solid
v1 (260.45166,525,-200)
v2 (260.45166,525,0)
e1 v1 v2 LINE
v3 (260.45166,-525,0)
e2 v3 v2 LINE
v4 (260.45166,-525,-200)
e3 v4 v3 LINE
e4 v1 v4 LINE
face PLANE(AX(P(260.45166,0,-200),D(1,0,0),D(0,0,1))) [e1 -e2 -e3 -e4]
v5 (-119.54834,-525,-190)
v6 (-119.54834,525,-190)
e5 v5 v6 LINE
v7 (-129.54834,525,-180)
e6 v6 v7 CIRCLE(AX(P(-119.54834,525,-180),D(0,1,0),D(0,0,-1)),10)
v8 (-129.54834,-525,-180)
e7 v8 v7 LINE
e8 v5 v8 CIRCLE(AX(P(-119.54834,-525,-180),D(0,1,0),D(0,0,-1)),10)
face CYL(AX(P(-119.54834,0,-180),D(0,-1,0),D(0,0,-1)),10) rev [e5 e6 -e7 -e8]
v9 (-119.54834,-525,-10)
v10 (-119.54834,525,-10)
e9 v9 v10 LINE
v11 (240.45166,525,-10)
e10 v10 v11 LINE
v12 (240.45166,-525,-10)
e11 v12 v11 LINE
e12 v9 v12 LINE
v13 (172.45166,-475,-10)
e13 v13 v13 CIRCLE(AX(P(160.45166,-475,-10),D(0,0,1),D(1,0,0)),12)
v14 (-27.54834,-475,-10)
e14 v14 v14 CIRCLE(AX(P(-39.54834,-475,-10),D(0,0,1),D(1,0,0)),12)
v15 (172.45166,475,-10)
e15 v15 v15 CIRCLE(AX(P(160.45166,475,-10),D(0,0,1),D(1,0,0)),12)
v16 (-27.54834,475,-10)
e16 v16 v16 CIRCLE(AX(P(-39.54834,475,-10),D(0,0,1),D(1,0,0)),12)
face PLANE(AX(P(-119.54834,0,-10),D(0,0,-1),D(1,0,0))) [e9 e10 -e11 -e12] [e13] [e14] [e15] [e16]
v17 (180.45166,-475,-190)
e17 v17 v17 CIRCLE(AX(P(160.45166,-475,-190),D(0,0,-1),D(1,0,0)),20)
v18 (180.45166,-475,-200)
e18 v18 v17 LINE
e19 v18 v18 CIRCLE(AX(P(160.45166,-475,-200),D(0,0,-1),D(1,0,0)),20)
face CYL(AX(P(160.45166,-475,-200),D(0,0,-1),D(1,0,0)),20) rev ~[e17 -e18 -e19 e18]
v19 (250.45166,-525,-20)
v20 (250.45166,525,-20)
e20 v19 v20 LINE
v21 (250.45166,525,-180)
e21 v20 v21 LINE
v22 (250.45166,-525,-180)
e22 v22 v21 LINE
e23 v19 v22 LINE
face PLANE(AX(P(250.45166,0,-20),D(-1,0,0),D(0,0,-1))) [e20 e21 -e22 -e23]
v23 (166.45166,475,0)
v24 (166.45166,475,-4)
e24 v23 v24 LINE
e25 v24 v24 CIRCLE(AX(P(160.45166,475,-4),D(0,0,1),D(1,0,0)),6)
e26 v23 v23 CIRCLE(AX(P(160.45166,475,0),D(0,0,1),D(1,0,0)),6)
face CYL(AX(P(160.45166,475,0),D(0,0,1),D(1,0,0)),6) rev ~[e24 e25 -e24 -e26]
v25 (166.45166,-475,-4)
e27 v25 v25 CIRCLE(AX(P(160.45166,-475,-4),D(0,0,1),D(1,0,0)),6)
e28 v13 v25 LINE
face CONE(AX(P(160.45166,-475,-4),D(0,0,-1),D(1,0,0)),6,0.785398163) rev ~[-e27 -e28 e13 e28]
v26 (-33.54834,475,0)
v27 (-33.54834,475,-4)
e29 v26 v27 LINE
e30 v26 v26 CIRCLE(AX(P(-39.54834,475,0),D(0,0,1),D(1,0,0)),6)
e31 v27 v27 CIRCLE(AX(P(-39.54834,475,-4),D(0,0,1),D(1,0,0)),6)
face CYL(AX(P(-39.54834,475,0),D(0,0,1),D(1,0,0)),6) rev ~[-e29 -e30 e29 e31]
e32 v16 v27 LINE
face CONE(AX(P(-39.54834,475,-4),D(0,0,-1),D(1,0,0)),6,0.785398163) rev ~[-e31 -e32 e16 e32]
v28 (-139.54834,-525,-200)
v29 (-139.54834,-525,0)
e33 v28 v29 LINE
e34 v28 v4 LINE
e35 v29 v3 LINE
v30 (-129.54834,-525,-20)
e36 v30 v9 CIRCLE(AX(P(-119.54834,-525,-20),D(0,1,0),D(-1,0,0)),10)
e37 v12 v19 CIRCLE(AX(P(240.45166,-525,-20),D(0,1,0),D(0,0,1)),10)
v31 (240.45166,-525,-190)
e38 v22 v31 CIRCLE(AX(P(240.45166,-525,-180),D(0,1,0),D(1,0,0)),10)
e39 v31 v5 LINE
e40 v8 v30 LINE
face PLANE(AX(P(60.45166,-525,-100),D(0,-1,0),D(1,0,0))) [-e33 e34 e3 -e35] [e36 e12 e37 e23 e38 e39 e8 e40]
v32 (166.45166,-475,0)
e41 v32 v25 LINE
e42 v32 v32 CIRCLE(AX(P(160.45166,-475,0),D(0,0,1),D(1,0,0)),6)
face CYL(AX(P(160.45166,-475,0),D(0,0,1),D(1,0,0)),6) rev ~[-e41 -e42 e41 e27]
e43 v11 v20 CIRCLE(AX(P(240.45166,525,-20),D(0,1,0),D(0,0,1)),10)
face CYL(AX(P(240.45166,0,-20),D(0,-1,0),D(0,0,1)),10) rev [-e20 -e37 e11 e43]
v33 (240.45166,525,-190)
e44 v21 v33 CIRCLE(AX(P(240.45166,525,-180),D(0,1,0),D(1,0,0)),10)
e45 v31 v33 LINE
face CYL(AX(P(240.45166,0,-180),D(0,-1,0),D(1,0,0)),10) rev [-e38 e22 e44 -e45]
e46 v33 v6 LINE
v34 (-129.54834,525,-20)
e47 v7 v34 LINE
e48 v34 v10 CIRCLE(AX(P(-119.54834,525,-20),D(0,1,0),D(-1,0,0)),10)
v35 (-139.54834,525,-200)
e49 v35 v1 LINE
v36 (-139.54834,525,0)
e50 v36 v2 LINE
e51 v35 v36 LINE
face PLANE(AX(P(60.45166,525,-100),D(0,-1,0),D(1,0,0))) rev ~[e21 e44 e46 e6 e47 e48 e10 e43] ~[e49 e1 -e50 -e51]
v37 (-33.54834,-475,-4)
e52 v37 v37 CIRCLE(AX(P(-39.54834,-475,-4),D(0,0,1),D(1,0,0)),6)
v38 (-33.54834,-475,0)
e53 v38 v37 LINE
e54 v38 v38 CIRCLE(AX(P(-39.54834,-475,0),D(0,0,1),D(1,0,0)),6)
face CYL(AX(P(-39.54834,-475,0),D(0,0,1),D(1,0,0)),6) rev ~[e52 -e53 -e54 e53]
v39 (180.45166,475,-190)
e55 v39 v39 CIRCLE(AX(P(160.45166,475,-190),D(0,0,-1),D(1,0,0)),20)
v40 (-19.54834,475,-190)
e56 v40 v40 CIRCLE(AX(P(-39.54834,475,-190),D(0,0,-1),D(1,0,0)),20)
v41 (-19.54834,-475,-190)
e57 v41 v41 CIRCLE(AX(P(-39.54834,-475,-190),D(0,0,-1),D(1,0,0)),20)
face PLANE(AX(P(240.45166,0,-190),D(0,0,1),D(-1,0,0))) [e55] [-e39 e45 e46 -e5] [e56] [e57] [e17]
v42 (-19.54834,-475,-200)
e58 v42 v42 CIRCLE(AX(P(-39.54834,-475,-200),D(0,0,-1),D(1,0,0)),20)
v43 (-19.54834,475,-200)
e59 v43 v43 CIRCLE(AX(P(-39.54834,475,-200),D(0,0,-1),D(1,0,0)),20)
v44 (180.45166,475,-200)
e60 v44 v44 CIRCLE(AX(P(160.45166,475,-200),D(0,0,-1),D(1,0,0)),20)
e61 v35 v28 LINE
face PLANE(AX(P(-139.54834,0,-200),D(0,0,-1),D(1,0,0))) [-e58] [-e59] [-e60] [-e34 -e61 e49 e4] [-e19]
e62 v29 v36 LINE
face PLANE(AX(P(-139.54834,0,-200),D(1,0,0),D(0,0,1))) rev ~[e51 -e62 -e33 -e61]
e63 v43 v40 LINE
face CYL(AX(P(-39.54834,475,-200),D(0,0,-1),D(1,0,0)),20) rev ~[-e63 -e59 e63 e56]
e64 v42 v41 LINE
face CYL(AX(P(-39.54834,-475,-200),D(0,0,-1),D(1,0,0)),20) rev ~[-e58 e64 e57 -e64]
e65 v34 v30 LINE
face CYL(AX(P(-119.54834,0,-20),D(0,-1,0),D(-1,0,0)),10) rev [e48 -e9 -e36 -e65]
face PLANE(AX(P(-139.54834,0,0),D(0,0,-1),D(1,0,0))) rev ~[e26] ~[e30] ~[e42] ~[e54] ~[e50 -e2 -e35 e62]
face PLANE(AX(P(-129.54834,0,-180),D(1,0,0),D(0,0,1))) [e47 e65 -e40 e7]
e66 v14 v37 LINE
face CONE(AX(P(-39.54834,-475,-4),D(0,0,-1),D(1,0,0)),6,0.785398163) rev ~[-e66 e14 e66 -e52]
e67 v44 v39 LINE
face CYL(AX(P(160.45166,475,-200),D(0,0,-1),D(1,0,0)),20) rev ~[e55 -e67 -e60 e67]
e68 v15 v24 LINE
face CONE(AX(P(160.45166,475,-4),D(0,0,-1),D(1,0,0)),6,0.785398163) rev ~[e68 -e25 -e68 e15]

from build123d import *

# Parameters (mm, degrees)
F0_W     = 400
F0_H     = 200
F1_DEPTH = 525
F2_R     = 6
F3_DEPTH = 200.001
F4_R     = 20
F5_DEPTH = 25
F6_SIZE  = 6


with BuildPart() as f1:
    # F0 (on Front) → F1 (new body, symmetric)
    with BuildSketch(Plane.XZ):
        with Locations((60.4516596433, -100)):
            Rectangle(F0_W, F0_H)
        with BuildLine():
            ThreePointArc((-129.5483403567, -20), (-126.6194081686, -12.9289321881), (-119.5483403567, -10))
            Line((-119.5483403567, -10), (240.4516596433, -10))
            ThreePointArc((240.4516596433, -10), (247.5227274551, -12.9289321881), (250.4516596433, -20))
            Line((250.4516596433, -20), (250.4516596433, -180))
            ThreePointArc((250.4516596433, -180), (247.5227274551, -187.0710678119), (240.4516596433, -190))
            Line((240.4516596433, -190), (-119.5483403567, -190))
            ThreePointArc((-119.5483403567, -190), (-126.6194081686, -187.0710678119), (-129.5483403567, -180))
            Line((-129.5483403567, -180), (-129.5483403567, -20))
        make_face(mode=Mode.SUBTRACT)
    extrude(amount=F1_DEPTH, both=True)

    # F2 (on face) → F3 (cut, through all)
    with BuildSketch(Plane.XY):
        with Locations((-39.5483403567, -475)):
            Circle(F2_R)
        with Locations((160.4516596433, -475)):
            Circle(F2_R)
        with Locations((-39.5483403567, 475)):
            Circle(F2_R)
        with Locations((160.4516596433, 475)):
            Circle(F2_R)
    extrude(amount=-F3_DEPTH, mode=Mode.SUBTRACT)

    # F4 (on face) → F5 (cut)
    with BuildSketch(Plane(origin=(0, 0, -200), x_dir=(1, 0, 0), z_dir=(0, 0, -1))):
        with Locations((-39.5483403567, 475)):
            Circle(F4_R)
        with Locations((160.4516596433, 475)):
            Circle(F4_R)
        with Locations((-39.5483403567, -475)):
            Circle(F4_R)
        with Locations((160.4516596433, -475)):
            Circle(F4_R)
    extrude(amount=-F5_DEPTH, mode=Mode.SUBTRACT)

    # F6
    f6_edges = [f1.edges().sort_by_distance(p)[0] for p in [
        (-45.54834, -475, -10),
        (154.45166, -475, -10),
        (-45.54834, 475, -10),
        (154.45166, 475, -10),
    ]]
    chamfer(f6_edges, length=F6_SIZE)


solid = f1.part
